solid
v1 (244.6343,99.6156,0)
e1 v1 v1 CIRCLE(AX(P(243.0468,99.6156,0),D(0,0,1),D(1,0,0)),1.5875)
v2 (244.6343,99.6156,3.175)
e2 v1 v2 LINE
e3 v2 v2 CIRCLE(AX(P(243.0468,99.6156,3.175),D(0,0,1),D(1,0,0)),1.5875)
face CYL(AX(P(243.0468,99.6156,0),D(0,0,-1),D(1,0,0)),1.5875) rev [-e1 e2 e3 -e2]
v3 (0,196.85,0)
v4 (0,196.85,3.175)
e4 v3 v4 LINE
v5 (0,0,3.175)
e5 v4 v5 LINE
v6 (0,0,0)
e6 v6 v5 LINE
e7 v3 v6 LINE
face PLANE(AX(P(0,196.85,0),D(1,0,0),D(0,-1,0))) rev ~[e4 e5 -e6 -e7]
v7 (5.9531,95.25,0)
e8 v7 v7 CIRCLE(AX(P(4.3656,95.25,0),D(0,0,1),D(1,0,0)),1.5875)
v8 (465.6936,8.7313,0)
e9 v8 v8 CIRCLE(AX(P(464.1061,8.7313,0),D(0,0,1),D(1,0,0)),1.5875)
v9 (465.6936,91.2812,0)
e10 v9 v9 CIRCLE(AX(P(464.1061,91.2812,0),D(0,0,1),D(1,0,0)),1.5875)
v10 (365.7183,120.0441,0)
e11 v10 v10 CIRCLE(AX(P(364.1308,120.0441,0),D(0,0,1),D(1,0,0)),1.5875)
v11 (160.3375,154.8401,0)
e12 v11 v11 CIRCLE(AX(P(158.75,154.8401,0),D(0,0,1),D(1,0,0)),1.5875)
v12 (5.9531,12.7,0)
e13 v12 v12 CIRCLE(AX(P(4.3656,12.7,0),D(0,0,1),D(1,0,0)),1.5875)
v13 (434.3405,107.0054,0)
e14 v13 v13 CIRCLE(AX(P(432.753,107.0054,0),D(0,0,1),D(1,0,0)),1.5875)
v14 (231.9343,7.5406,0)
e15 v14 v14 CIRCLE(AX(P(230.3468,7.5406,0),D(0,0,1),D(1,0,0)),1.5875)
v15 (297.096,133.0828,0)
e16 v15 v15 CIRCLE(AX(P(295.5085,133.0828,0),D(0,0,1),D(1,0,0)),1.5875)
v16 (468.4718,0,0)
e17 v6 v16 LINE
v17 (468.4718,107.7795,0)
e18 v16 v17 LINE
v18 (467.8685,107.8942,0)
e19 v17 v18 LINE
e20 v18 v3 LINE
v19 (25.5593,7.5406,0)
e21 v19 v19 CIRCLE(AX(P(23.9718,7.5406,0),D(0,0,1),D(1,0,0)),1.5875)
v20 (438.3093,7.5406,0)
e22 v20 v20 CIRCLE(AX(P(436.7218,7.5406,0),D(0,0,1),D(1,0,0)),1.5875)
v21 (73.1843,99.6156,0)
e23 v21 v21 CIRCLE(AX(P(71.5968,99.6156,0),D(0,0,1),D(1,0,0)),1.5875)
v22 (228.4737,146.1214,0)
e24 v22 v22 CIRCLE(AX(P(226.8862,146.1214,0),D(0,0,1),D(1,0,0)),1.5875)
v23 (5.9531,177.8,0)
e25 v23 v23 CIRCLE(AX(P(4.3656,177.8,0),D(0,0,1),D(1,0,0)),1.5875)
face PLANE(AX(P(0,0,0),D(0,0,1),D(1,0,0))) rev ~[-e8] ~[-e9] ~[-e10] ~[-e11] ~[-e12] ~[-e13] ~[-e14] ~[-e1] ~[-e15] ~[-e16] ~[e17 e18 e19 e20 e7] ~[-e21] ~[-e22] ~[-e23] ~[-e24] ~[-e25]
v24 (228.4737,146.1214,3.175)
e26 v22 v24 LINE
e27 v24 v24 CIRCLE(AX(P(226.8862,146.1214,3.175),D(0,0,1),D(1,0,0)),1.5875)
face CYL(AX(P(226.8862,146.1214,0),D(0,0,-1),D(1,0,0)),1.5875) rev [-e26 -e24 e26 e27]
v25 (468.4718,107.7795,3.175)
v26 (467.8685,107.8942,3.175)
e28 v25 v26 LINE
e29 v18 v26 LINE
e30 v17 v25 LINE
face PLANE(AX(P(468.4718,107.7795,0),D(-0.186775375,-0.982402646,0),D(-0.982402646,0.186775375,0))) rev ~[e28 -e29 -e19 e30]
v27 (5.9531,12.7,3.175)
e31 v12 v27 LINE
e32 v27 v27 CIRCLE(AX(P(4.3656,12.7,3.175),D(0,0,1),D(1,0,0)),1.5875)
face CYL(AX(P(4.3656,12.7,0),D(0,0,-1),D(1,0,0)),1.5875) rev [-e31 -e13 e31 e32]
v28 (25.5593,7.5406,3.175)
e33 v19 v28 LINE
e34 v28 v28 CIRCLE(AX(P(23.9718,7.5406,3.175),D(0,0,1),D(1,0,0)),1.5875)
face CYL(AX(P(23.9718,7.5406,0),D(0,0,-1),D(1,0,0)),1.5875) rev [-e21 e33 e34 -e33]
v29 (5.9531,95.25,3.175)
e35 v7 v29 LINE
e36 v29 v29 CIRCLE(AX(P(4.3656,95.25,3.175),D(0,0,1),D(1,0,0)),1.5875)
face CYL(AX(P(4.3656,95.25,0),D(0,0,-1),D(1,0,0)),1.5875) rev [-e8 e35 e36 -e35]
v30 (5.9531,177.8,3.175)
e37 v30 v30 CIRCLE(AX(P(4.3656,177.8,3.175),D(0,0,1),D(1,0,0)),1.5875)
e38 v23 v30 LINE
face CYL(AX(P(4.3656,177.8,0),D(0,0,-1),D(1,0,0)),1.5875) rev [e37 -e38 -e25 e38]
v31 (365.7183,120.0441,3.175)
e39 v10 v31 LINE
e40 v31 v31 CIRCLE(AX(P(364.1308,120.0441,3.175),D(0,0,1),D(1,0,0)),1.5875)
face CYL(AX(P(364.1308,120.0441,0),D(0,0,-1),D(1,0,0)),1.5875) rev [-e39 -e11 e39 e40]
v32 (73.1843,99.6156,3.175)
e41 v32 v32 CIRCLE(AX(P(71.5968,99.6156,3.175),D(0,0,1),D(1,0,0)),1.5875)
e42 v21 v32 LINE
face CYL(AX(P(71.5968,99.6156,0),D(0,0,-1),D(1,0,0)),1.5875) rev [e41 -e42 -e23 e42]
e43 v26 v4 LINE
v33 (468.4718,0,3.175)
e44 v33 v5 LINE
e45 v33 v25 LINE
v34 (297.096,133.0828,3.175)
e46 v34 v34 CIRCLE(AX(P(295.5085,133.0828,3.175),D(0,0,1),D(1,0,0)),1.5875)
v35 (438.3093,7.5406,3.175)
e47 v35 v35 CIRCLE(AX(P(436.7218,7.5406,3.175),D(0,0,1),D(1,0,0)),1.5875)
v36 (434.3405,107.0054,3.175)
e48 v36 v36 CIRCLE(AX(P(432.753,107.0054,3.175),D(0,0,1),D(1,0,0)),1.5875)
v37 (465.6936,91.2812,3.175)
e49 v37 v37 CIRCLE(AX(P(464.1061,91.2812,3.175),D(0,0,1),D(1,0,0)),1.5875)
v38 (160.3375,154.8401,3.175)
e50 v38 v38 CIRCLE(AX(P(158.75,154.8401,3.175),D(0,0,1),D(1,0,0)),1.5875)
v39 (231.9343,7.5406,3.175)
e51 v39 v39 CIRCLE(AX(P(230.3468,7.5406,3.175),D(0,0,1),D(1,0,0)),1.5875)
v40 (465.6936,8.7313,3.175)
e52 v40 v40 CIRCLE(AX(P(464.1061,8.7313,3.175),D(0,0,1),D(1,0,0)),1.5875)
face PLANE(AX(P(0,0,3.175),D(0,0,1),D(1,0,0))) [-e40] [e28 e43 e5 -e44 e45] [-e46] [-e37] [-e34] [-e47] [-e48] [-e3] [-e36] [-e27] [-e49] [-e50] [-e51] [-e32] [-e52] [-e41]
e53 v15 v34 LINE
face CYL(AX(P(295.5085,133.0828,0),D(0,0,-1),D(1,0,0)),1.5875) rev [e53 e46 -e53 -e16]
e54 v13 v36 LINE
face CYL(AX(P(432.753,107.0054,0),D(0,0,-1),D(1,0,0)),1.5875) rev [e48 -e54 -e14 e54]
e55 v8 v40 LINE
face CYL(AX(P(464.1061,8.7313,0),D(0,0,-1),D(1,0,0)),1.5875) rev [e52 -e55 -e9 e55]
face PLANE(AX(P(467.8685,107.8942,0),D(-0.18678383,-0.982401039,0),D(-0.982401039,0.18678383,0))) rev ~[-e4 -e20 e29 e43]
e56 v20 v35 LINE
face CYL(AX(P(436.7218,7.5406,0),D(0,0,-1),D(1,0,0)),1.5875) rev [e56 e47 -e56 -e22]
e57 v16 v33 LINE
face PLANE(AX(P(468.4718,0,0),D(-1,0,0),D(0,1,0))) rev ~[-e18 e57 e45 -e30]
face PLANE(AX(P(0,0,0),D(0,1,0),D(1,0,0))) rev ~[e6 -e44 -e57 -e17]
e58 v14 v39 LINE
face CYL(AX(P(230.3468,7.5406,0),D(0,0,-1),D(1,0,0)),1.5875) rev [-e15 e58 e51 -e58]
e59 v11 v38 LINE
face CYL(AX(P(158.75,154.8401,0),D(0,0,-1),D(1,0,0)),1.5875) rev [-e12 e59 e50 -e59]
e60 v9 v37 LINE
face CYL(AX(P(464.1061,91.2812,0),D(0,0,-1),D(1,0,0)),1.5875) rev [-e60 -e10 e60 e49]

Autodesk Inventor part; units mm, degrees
ref_plane "YZ Plane" through (0, 0, 0) normal (1, 0, 0) x (0, 1, 0)
ref_plane "XZ Plane" through (0, 0, 0) normal (0, 1, 0) x (-1, 0, 0)
ref_plane "XY Plane" through (0, 0, 0) normal (0, 0, 1) x (1, 0, 0)
sketch "Sketch1" plane through (0, 0, 0) normal (0, 0, 1) x (1, 0, 0)
  line L0 (467.8685, 107.8942) -> (0, 196.85)
  line L1 (0, 0) -> (467.8685, 0)
  line L2 (0, 196.85) -> (0, 0)
  line L3 (467.8685, 107.8942) -> (467.8685, 0)
  line L4 (467.8685, 0) -> (468.4718, 0)
  line L5 (468.4718, 0) -> (468.4718, 107.7795)
  line L6 (468.4718, 107.7795) -> (467.8685, 107.8942)
  circle A0 centre (295.5085, 133.0828) radius 1.5875
  circle A1 centre (432.753, 107.0054) radius 1.5875
  circle A2 centre (364.1308, 120.0441) radius 1.5875
  circle A3 centre (226.8862, 146.1214) radius 1.5875
  line L7 (443.6664, 113.4153) -> (440.703, 97.8194) construction
  line L8 (443.6664, 113.4153) -> (219.0844, 156.0873) construction
  line L9 (216.1211, 140.4914) -> (219.0844, 156.0873) construction
  line L10 (440.703, 97.8194) -> (216.1211, 140.4914) construction
  circle A4 centre (230.3468, 7.5406) radius 1.5875
  circle A5 centre (436.7218, 7.5406) radius 1.5875
  circle A6 centre (23.9718, 7.5406) radius 1.5875
  line L11 (446.2468, 15.0813) -> (446.2468, -0.7937) construction
  line L12 (446.2468, 15.0813) -> (14.4468, 15.0813) construction
  line L13 (14.4468, -0.7937) -> (14.4468, 15.0813) construction
  line L14 (446.2468, -0.7937) -> (14.4468, -0.7937) construction
  circle A7 centre (4.3656, 95.25) radius 1.5875
  circle A8 centre (4.3656, 177.8) radius 1.5875
  circle A9 centre (4.3656, 12.7) radius 1.5875
  line L15 (-3.9687, 190.5) -> (11.9063, 190.5) construction
  line L16 (-3.9687, 190.5) -> (-3.9687, 0) construction
  line L17 (11.9063, 0) -> (-3.9687, 0) construction
  line L18 (11.9063, 190.5) -> (11.9063, 0) construction
  circle A10 centre (464.1061, 8.7313) radius 1.5875
  circle A11 centre (464.1061, 91.2812) radius 1.5875
  line L19 (456.5655, -0.7937) -> (471.6468, -0.7937) construction
  line L20 (456.5655, -0.7937) -> (456.5655, 100.8062) construction
  line L21 (471.6468, 100.8062) -> (456.5655, 100.8062) construction
  line L22 (471.6468, -0.7937) -> (471.6468, 100.8062) construction
  circle A12 centre (71.5968, 99.6156) radius 1.5875
  line L23 (81.1218, 107.95) -> (81.1218, 92.075) construction
  line L24 (81.1218, 107.95) -> (62.0718, 107.95) construction
  line L25 (62.0718, 92.075) -> (62.0718, 107.95) construction
  line L26 (81.1218, 92.075) -> (62.0718, 92.075) construction
  circle A13 centre (243.0468, 99.6156) radius 1.5875
  line L27 (252.5718, 107.95) -> (252.5718, 92.075) construction
  line L28 (252.5718, 107.95) -> (233.5218, 107.95) construction
  line L29 (233.5218, 92.075) -> (233.5218, 107.95) construction
  line L30 (252.5718, 92.075) -> (233.5218, 92.075) construction
  circle A14 centre (158.75, 154.8401) radius 1.5875
  line L31 (146.05, 145.3151) -> (146.05, 158.0151) construction
  line L32 (146.05, 145.3151) -> (171.45, 145.3151) construction
  line L33 (171.45, 158.0151) -> (171.45, 145.3151) construction
  line L34 (146.05, 158.0151) -> (171.45, 158.0151) construction
extrude "Extrusion1" add sketch "Sketch1" along normal blind 3.175
properties part number "Hopper Front" material "Polycarbonate, Clear"
